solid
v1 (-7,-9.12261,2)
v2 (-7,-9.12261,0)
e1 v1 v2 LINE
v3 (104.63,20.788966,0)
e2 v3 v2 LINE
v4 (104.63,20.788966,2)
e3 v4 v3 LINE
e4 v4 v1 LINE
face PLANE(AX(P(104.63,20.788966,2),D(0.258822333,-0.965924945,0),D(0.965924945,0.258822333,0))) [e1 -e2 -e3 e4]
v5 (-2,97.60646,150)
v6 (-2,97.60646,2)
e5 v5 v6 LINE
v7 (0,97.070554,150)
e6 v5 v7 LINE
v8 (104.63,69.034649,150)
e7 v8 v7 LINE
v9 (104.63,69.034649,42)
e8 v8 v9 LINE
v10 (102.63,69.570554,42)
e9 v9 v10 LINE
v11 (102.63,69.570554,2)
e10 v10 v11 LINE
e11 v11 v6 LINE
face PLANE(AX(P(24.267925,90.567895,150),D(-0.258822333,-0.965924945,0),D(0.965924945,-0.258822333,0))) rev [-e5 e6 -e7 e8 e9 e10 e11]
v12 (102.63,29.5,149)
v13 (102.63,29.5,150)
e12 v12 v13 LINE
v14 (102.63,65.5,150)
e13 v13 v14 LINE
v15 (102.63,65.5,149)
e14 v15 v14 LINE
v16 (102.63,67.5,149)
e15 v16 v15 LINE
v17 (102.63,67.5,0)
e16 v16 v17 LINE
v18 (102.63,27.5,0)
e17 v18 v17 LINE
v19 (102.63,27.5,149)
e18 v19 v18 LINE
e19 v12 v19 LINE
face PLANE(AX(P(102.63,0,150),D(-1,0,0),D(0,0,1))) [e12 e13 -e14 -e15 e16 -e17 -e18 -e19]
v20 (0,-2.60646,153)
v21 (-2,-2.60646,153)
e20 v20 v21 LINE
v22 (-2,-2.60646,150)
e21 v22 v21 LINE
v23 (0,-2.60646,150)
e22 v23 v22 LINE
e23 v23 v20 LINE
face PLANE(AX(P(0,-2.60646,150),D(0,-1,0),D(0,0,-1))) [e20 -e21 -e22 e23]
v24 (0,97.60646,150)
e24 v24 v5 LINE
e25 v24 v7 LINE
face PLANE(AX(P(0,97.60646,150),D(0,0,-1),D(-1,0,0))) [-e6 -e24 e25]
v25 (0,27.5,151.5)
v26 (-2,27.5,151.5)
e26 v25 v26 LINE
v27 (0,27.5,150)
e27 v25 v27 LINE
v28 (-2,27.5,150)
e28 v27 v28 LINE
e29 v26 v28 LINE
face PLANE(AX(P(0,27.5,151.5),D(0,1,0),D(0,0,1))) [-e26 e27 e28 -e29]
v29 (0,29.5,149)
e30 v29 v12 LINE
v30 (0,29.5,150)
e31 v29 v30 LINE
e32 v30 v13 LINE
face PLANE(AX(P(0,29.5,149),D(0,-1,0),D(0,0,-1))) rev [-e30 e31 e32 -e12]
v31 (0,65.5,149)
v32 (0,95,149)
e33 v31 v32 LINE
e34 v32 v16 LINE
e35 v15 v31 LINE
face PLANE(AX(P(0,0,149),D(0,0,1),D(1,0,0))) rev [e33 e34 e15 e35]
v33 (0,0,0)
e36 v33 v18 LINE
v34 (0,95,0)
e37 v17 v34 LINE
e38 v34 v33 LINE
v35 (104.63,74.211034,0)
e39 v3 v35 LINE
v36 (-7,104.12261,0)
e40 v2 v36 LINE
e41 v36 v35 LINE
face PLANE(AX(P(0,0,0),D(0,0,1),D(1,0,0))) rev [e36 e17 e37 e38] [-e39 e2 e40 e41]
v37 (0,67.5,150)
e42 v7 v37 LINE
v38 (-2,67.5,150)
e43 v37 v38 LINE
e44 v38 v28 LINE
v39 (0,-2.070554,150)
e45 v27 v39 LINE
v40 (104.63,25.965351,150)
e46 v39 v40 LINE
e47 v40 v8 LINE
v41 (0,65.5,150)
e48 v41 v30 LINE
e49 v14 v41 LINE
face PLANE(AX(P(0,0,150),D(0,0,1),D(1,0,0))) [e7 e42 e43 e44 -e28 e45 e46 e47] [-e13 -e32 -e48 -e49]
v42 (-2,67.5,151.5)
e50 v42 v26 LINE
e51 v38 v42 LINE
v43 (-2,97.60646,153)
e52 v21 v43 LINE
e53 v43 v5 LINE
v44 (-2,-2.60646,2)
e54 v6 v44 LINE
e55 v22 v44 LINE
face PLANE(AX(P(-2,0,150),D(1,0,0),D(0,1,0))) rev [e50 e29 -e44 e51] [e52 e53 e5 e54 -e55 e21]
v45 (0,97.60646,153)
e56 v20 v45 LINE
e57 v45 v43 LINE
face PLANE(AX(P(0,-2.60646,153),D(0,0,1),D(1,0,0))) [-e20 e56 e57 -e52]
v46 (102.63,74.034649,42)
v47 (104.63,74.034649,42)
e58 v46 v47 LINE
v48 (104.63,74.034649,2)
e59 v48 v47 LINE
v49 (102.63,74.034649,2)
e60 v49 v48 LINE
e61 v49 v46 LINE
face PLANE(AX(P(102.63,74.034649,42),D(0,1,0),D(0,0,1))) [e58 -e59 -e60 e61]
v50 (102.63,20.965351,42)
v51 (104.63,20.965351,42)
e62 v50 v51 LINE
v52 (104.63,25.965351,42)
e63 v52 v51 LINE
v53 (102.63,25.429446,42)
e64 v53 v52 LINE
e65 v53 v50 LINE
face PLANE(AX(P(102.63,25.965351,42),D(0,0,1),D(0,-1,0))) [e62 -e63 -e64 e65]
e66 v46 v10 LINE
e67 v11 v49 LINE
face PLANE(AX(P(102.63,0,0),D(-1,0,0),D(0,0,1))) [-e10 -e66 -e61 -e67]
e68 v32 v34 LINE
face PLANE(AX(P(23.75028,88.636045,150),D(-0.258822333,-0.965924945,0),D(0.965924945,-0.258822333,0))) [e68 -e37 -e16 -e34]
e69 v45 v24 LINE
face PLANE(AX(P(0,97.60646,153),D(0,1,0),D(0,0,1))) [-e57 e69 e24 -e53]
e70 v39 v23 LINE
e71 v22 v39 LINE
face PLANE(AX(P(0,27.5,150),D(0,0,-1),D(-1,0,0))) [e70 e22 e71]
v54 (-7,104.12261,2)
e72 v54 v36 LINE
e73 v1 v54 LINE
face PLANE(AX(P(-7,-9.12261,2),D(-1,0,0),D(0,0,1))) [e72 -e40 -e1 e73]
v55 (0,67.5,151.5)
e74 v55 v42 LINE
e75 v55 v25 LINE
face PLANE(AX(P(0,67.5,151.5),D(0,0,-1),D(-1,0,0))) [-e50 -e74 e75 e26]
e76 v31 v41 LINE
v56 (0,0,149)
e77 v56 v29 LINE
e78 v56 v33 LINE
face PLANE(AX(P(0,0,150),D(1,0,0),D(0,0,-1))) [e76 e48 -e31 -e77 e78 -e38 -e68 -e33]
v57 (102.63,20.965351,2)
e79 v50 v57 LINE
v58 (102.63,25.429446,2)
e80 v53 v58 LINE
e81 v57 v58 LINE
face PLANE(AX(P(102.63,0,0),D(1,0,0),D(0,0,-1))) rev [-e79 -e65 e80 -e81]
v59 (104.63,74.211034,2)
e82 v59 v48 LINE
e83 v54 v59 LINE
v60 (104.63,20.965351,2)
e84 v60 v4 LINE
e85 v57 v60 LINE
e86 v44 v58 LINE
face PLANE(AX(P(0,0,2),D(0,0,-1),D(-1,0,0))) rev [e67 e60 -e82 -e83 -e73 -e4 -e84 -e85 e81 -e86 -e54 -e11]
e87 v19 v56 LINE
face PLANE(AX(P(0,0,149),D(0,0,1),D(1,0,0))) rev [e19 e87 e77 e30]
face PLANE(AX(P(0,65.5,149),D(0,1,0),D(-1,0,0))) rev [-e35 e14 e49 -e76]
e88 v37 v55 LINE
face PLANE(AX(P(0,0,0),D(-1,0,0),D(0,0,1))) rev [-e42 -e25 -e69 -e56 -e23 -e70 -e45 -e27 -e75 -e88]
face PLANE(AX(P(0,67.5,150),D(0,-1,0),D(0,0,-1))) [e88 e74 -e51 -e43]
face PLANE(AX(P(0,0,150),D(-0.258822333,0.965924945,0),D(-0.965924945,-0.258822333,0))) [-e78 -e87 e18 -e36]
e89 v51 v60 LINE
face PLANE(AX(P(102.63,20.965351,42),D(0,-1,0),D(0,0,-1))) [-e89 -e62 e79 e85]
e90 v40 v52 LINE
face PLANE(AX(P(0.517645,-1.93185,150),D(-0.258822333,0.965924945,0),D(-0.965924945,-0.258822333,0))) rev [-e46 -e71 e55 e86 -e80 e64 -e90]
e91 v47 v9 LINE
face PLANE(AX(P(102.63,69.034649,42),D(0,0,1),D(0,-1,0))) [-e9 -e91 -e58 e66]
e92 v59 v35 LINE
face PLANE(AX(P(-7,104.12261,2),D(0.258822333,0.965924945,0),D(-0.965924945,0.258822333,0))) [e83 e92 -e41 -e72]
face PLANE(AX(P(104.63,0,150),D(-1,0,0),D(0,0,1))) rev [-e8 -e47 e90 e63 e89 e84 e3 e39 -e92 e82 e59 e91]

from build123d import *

# Parameters (mm, degrees)
BOSS_EXTRUDE1_DEPTH   = 150
BOSS_EXTRUDE3_DEPTH   = 1
BOSS_EXTRUDE3_2_DEPTH = 1
BOSS_EXTRUDE5_DEPTH   = 2
BOSS_EXTRUDE6_DEPTH   = 2
SKETCH8_W             = 40
SKETCH8_H             = 5
BOSS_EXTRUDE7_DEPTH   = 2


with BuildPart() as part:
    # Sketch1 → Boss-Extrude1 (new body)
    with BuildSketch(Plane.XY):
        Polygon((104.63, 25.965351431), (104.63, 69.034648569), (-2, 97.60645993), (-2, -2.60645993), align=None)
        Polygon((102.63, 67.5), (0, 95), (0, 0), (102.63, 27.5), align=None, mode=Mode.SUBTRACT)
    extrude(amount=BOSS_EXTRUDE1_DEPTH)



with BuildPart() as body_2:
    # Sketch3 → Boss-Extrude3 (new body)
    with BuildSketch(Plane.XY.offset(150)):
        Polygon((0, 65.5), (102.63, 65.5), (102.63, 67.5), (0, 95), align=None)
    extrude(amount=-BOSS_EXTRUDE3_DEPTH)


with BuildPart() as body_3:
    # Sketch3 → Boss-Extrude3 2 (new body)
    with BuildSketch(Plane.XY.offset(150)):
        Polygon((102.63, 27.5), (102.63, 29.5), (0, 29.5), (0, 0), align=None)
    extrude(amount=-BOSS_EXTRUDE3_2_DEPTH)


with BuildPart() as part_1:
    add(part.part)

    add(body_2.part)  # Boss-Extrude5 merges body 2

    add(body_3.part)  # Boss-Extrude5 merges body 3
    # Sketch6 → Boss-Extrude5 (add)
    with BuildSketch(Plane.ZY.offset(2)):
        Polygon((150, 67.5), (151.5, 67.5), (151.5, 27.5), (150, 27.5), (150, -2.60645993), (153, -2.60645993), (153, 97.60645993), (150, 97.60645993), align=None)
    extrude(amount=-BOSS_EXTRUDE5_DEPTH)

    # Sketch7 → Boss-Extrude6 (add)
    with BuildSketch(Plane(origin=(0, 0, 0), x_dir=(-1, 0, 0), z_dir=(0, 0, -1))):
        Polygon((-104.63, 20.788965809), (7, -9.122609754), (7, 104.122609754), (-104.63, 74.211034191), (-104.63, 69.034648569), (2, 97.60645993), (2, -2.60645993), (-104.63, 25.965351431), align=None)
    extrude(amount=-BOSS_EXTRUDE6_DEPTH)

    # Sketch8 → Boss-Extrude7 (add)
    with BuildSketch(Plane(origin=(104.63, 0, 0), x_dir=(0, 0, -1), z_dir=(1, 0, 0))):
        with Locations((-22, 71.534648569)):
            Rectangle(SKETCH8_W, SKETCH8_H)
        with Locations((-22, 23.465351431)):
            Rectangle(SKETCH8_W, SKETCH8_H)
    extrude(amount=-BOSS_EXTRUDE7_DEPTH)


solid = part_1.part
